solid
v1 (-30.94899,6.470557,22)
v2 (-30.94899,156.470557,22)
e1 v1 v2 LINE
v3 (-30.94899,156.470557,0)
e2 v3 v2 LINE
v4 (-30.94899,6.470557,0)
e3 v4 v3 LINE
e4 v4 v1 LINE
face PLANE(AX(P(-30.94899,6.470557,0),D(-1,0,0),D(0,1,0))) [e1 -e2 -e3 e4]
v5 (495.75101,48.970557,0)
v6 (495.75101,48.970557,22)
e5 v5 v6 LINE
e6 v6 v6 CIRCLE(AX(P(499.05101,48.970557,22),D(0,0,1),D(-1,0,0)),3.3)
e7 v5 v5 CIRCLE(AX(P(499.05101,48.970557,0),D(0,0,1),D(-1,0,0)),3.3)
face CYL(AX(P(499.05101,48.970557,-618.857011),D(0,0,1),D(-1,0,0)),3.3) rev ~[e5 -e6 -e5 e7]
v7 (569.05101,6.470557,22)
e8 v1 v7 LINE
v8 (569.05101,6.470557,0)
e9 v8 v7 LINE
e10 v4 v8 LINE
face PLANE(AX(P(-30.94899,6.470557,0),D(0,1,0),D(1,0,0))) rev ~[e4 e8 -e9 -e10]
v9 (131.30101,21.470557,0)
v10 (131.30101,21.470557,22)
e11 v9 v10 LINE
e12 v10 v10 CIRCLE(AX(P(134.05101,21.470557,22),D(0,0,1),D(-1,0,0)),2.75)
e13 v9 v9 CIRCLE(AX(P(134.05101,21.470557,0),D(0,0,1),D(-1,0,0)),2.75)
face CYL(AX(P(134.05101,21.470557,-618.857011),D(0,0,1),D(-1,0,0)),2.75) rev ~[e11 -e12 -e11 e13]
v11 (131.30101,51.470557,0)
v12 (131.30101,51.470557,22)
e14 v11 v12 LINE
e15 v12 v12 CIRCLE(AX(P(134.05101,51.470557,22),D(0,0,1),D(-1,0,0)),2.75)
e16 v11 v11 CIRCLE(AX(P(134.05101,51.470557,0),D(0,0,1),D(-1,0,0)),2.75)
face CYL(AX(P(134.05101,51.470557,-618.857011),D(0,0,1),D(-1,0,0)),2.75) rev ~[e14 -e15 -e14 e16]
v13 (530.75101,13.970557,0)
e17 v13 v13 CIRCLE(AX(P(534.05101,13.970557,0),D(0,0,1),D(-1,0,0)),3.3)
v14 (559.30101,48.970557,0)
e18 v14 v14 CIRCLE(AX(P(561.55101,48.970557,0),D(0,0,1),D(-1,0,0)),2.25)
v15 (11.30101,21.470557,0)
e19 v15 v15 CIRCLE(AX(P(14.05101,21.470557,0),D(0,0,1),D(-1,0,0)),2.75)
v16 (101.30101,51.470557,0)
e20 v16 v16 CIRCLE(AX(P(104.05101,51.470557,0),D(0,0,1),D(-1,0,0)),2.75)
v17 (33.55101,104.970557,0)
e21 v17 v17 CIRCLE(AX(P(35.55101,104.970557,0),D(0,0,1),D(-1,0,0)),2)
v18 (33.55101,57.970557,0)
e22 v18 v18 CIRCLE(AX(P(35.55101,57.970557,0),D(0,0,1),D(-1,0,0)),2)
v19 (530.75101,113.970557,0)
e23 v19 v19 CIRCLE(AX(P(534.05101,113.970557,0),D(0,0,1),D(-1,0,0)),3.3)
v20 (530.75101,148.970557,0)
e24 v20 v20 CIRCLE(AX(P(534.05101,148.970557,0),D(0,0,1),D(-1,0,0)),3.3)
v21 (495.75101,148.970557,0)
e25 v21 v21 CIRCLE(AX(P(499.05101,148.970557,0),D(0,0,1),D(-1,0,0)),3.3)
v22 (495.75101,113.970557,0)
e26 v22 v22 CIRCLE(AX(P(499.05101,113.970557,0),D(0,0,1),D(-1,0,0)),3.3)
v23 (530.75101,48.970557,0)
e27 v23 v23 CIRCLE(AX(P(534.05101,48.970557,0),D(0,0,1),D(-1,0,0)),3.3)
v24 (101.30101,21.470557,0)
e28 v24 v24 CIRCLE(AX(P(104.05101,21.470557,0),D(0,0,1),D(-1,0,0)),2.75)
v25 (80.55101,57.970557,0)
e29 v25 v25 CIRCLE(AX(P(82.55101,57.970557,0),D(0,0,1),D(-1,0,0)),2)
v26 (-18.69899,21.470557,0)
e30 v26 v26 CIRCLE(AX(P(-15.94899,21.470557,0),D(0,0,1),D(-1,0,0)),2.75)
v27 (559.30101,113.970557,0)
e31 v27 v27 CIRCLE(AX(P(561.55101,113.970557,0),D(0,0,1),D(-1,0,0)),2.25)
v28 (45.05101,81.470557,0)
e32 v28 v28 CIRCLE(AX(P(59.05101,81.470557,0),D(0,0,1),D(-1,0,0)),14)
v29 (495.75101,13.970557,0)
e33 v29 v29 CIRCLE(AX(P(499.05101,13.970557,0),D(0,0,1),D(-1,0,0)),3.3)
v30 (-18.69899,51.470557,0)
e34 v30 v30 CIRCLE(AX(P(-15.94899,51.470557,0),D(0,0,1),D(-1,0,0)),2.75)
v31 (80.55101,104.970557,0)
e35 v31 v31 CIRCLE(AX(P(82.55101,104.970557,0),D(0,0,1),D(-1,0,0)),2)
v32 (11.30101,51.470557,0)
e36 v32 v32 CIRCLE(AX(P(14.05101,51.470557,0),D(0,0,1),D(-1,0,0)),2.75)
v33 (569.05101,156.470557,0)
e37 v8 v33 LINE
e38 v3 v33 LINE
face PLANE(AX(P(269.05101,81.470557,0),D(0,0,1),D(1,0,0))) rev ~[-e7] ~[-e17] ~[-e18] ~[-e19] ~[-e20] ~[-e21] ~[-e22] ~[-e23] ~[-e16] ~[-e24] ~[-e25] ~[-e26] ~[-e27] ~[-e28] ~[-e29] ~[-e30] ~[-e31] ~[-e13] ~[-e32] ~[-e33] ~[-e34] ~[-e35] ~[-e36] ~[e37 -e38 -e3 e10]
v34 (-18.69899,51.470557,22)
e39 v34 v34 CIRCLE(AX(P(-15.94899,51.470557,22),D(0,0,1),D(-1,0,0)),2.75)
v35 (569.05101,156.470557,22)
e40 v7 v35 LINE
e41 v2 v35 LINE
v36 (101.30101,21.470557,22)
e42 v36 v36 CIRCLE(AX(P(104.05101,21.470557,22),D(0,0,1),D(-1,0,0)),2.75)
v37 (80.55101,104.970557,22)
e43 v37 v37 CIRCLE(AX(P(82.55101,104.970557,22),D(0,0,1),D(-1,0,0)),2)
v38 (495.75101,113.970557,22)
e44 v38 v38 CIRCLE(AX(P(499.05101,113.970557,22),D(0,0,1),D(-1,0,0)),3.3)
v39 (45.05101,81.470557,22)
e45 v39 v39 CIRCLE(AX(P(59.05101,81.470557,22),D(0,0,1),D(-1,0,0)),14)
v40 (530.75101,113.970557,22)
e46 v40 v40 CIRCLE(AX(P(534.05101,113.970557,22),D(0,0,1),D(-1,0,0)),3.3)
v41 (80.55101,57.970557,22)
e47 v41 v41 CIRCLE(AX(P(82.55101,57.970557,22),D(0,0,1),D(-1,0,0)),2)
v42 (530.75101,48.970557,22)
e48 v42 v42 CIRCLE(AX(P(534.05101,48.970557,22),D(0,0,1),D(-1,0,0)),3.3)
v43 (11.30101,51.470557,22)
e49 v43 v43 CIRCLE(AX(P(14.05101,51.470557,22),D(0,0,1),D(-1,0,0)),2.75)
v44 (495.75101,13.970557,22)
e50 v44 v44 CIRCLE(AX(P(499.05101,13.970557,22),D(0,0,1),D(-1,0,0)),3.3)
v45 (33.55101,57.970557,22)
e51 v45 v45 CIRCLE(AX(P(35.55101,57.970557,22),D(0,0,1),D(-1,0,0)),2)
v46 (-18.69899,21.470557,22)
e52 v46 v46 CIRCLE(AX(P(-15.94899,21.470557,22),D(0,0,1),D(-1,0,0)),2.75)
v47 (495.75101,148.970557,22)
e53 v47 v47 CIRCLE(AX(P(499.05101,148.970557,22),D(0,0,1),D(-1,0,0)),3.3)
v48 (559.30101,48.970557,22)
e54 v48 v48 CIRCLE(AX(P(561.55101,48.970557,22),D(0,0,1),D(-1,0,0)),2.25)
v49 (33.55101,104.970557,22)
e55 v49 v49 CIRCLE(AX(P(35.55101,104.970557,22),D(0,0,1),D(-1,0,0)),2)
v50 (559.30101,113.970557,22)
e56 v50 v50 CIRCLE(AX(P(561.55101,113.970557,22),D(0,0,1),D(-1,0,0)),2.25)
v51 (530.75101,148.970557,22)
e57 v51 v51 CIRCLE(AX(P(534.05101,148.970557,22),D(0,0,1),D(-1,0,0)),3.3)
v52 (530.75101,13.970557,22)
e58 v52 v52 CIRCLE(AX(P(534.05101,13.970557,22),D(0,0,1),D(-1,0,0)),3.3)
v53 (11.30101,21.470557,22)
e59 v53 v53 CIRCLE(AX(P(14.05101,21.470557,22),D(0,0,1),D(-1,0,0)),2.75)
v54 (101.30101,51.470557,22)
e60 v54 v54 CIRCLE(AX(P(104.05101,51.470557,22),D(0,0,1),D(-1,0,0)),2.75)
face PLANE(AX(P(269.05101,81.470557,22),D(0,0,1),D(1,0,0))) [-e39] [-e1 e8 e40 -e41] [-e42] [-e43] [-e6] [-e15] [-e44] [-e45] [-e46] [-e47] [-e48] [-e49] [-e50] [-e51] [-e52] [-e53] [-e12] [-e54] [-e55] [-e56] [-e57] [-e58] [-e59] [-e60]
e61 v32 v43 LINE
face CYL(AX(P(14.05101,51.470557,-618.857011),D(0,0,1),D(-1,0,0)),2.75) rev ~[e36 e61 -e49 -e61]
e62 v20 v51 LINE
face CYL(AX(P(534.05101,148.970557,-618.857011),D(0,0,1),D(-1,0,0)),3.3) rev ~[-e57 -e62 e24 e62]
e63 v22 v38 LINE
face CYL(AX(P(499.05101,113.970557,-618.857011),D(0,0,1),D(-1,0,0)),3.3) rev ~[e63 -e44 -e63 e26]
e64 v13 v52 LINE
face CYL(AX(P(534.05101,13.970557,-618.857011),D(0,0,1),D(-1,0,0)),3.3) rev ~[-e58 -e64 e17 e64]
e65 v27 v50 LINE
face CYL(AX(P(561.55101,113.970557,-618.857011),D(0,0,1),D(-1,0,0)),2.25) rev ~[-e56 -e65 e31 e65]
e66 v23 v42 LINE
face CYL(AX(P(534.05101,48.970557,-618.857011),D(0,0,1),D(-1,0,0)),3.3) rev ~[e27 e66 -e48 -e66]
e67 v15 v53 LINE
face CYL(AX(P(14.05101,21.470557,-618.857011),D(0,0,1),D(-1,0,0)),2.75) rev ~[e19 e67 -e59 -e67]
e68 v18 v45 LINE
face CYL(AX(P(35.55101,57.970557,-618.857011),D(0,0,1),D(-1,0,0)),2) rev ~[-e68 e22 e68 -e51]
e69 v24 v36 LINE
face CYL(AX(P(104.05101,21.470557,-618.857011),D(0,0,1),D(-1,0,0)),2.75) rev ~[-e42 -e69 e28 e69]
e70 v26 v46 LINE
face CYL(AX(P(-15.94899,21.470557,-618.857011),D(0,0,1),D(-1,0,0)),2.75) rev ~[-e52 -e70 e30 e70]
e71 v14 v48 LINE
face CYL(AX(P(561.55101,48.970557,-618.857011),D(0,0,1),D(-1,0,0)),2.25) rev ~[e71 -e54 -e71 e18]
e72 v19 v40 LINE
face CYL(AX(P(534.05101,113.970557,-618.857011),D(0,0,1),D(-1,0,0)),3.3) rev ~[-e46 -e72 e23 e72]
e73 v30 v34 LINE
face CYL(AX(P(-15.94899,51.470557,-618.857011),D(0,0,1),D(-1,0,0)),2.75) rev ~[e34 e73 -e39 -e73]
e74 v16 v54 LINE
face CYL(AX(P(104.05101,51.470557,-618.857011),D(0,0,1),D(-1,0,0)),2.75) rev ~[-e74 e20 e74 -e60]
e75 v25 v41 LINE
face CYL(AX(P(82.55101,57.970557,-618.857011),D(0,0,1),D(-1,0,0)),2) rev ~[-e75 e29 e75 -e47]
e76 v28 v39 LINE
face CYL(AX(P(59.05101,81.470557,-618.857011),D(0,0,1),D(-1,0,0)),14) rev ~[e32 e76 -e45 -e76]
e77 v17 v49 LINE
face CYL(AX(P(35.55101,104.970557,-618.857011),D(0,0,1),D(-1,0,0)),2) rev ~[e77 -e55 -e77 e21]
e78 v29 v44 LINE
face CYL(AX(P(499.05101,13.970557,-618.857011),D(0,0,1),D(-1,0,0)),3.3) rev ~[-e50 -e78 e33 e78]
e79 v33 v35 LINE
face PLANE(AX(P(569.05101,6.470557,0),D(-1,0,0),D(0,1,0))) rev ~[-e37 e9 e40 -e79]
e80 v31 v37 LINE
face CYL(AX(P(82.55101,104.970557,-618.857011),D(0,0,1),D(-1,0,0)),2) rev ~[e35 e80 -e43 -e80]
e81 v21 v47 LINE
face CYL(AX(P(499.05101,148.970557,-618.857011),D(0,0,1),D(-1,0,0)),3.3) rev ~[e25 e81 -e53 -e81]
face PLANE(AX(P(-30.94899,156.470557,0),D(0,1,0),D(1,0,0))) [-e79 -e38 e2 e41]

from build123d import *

# Parameters (mm, degrees)
F0_W     = 600
F0_H     = 150
F1_DEPTH = 22
F2_D     = 6.6
F3_D     = 5.5
F4_D     = 28
F5_D     = 4.5
F6_D     = 4


with BuildPart() as f1:
    # F0 (on Top) → F1 (new body)
    with BuildSketch(Plane.XY):
        with Locations((269.0510096401, 81.4705566212)):
            Rectangle(F0_W, F0_H)
    extrude(amount=F1_DEPTH)

    # F2 (through all)
    with Locations(Plane(origin=(0, 0, 0), x_dir=(1, 0, 0), z_dir=(0, 0, -1))):
        with Locations((499.0510096401, -113.9705566212), (534.0510096401, -113.9705566212), (499.0510096401, -148.9705566212), (534.0510096401, -148.9705566212), (534.0510096401, -13.9705566212), (499.0510096401, -48.9705566212), (499.0510096401, -13.9705566212), (534.0510096401, -48.9705566212)):
            Hole(F2_D / 2)

    # F3 (through all)
    with Locations(Plane(origin=(0, 0, 0), x_dir=(1, 0, 0), z_dir=(0, 0, -1))):
        with Locations((-15.9489903599, -21.4705566212), (14.0510096401, -21.4705566212), (104.0510096401, -51.4705566212), (104.0510096401, -21.4705566212), (14.0510096401, -51.4705566212), (134.0510096401, -51.4705566212), (134.0510096401, -21.4705566212), (-15.9489903599, -51.4705566212)):
            Hole(F3_D / 2)

    # F4 (through all)
    with Locations(Plane(origin=(0, 0, 0), x_dir=(1, 0, 0), z_dir=(0, 0, -1))):
        with Locations((59.0510096401, -81.4705566212)):
            Hole(F4_D / 2)

    # F5 (through all)
    with Locations(Plane(origin=(0, 0, 0), x_dir=(1, 0, 0), z_dir=(0, 0, -1))):
        with Locations((561.5510096401, -113.9705566212), (561.5510096401, -48.9705566212)):
            Hole(F5_D / 2)

    # F6 (through all)
    with Locations(Plane(origin=(0, 0, 0), x_dir=(1, 0, 0), z_dir=(0, 0, -1))):
        with Locations((82.5510096401, -104.9705566212), (35.5510096401, -104.9705566212), (35.5510096401, -57.9705566212), (82.5510096401, -57.9705566212)):
            Hole(F6_D / 2)


solid = f1.part
